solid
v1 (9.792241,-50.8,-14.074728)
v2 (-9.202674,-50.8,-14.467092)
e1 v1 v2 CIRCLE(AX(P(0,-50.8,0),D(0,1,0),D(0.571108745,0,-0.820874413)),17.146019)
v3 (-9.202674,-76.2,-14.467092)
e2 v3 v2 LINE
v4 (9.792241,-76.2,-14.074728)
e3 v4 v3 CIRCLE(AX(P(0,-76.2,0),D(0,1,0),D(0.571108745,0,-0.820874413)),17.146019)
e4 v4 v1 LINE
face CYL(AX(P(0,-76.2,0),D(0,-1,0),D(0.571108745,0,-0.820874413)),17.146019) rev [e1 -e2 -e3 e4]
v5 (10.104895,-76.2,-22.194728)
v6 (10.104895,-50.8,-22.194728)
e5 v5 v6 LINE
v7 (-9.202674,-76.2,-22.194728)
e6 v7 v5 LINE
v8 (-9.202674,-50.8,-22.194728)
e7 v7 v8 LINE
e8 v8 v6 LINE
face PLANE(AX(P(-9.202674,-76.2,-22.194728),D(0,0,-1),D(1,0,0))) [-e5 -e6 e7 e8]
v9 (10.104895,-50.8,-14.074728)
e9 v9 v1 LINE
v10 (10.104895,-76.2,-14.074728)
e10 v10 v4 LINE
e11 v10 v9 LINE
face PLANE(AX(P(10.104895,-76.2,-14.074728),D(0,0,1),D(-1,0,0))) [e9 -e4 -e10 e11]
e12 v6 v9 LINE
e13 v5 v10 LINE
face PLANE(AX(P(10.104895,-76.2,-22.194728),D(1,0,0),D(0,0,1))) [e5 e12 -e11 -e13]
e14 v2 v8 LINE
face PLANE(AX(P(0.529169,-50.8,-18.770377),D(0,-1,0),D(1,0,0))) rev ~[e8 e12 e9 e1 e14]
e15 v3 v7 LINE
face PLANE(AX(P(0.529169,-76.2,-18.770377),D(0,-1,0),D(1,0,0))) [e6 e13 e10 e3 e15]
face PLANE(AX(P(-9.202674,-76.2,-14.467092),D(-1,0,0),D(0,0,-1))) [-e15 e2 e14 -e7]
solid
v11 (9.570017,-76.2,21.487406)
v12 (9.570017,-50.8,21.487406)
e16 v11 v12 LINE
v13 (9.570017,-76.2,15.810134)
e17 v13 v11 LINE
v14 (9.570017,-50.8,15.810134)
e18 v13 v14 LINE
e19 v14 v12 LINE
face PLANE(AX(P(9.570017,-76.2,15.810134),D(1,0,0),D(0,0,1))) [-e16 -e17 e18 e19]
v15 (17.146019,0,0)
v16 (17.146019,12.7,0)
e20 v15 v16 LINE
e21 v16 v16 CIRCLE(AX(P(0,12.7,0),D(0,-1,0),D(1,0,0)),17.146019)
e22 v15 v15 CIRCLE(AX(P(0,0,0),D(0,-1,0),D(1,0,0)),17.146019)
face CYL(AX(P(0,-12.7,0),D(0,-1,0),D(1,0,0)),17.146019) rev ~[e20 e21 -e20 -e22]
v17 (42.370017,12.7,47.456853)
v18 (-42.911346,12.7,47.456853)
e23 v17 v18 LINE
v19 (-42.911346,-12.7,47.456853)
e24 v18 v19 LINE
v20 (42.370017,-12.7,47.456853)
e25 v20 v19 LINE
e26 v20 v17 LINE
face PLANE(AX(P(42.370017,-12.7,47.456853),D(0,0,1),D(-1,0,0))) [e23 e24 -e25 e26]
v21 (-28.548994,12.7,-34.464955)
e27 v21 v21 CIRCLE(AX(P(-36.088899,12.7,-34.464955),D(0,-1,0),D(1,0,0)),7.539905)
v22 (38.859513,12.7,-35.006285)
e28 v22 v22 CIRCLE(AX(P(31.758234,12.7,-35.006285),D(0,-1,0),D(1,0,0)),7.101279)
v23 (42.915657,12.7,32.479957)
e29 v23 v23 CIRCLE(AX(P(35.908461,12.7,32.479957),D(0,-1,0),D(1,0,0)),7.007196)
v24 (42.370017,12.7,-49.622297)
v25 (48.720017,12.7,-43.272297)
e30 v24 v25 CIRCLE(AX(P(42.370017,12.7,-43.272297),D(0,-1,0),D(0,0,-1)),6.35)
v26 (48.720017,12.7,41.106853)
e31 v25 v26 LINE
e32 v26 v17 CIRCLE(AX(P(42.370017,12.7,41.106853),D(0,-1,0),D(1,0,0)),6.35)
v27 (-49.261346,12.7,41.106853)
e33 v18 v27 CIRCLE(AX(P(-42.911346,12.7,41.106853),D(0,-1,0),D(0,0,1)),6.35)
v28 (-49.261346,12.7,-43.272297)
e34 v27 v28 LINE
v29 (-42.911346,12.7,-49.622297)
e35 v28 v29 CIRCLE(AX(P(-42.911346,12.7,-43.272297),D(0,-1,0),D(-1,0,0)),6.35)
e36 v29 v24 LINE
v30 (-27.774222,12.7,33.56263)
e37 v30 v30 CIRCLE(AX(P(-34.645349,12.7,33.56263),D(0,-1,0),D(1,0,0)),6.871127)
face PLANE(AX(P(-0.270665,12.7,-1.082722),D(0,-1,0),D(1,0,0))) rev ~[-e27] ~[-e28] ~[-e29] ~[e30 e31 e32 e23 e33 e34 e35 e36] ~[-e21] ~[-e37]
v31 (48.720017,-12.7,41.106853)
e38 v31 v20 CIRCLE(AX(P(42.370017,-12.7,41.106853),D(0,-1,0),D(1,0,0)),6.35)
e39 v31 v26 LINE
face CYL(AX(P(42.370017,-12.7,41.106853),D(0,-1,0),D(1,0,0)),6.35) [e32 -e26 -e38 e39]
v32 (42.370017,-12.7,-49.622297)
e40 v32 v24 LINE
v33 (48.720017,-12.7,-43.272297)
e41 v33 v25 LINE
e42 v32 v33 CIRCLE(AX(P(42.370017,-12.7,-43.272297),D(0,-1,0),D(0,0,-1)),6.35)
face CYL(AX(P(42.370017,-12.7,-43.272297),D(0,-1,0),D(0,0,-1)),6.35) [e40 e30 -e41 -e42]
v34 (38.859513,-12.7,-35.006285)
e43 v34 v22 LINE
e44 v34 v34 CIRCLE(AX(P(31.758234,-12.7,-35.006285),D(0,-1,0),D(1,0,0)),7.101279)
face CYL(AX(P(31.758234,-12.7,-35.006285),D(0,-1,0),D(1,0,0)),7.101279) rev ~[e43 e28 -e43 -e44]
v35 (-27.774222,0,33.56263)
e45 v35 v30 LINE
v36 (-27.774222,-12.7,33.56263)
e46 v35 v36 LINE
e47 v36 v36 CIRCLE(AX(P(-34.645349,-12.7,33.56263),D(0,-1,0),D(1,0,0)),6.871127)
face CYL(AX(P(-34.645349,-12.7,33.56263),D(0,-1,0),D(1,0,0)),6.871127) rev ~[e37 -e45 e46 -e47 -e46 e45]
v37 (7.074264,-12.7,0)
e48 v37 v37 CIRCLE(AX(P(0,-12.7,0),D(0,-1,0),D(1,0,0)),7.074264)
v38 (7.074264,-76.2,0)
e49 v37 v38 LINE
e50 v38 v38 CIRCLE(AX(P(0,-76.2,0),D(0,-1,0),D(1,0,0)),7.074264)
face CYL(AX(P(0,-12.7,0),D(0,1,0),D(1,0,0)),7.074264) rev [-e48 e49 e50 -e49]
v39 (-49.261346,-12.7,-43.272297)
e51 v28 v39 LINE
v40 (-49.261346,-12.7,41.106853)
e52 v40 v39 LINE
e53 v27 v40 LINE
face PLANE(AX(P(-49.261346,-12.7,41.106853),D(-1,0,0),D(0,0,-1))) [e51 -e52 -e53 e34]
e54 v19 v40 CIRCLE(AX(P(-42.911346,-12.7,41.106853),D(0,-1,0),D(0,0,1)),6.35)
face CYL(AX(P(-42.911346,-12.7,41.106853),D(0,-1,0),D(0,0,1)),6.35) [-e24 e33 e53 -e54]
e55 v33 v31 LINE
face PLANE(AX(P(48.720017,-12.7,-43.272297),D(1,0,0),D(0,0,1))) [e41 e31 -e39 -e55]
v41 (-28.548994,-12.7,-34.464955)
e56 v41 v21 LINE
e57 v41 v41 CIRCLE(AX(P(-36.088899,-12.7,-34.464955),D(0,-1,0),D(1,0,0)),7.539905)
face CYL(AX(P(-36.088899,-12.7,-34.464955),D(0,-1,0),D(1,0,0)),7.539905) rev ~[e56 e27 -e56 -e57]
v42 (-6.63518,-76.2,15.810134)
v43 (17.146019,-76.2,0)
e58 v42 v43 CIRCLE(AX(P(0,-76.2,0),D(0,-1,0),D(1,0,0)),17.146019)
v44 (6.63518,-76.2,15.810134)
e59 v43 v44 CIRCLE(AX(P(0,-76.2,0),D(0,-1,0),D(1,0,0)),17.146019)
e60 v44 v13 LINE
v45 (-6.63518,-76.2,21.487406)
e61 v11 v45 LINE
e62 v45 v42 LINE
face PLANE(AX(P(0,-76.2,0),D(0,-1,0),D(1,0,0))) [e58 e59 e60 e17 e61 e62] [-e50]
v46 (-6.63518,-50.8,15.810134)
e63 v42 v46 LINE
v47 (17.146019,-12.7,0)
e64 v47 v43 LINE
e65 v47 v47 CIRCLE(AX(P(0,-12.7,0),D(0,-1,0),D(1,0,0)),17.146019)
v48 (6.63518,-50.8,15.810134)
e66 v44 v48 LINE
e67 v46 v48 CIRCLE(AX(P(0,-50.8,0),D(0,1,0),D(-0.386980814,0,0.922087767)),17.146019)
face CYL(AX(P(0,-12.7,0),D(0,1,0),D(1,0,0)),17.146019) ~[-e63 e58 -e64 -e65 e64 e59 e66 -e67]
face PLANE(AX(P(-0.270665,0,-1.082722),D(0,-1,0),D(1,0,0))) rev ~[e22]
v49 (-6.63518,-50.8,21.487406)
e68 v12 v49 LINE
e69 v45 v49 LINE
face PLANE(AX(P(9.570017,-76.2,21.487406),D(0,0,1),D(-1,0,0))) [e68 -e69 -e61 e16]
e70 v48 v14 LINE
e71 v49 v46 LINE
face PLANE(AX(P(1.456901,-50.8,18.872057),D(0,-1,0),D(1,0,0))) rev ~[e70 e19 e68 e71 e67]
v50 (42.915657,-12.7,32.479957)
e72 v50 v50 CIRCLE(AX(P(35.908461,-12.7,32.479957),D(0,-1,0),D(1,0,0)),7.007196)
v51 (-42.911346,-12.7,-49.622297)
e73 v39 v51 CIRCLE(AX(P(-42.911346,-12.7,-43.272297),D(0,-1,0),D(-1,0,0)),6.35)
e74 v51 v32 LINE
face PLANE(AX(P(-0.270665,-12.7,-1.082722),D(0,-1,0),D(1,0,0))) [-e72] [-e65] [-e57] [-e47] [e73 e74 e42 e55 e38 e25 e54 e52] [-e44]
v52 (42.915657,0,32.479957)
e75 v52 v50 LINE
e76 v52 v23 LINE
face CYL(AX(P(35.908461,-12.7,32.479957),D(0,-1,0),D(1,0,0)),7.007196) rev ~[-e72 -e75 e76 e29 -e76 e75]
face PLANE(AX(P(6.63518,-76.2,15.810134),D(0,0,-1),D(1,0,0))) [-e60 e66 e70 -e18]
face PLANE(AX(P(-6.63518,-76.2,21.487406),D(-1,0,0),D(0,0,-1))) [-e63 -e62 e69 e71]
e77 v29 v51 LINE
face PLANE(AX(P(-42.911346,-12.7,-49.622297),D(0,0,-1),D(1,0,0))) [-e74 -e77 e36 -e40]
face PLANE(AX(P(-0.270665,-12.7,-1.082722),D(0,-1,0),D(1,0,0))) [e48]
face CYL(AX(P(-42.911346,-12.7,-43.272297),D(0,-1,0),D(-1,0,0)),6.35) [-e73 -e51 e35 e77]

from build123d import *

# Parameters (mm, degrees)
F0_R         = 7.5399052203
F0_R_2       = 7.1012789698
F0_R_3       = 6.8711271947
F0_R_4       = 7.0071962971
F1_DEPTH     = 12.7
F2_R         = 17.146018536
F2_R_2       = 7.0742640009
F3_DEPTH     = 63.5
F5_W         = 16.9617831707
F5_H         = 33.7431207299
F5_R         = 4.6042822581
F5_R_2       = 4.72658434
F6_DEPTH     = 5.08
F3_FACE1_R   = 7.5399052203
F3_FACE1_R_2 = 7.1012789698
F3_FACE1_R_3 = 6.8711271947
F3_FACE1_R_4 = 17.146018536
F3_FACE1_R_5 = 7.0071962971
F8_DEPTH     = 25.399999693
F11_DEPTH    = 25.399999693


with BuildPart() as f1:
    # F0 (on Front) → F1 (new body)
    with BuildSketch(Plane.XZ):
        with BuildLine():
            Line((42.3700170755, 47.4568530917), (-42.9113464594, 47.4568530917))
            ThreePointArc((-42.9113464594, 47.4568530917), (-47.4014745199, 45.5969811523), (-49.2613464594, 41.1068530917))
            Line((-49.2613464594, 41.1068530917), (-49.2613464594, -43.272297287))
            ThreePointArc((-49.2613464594, -43.272297287), (-47.4014745199, -47.7624253475), (-42.9113464594, -49.622297287))
            Line((-42.9113464594, -49.622297287), (42.3700170755, -49.622297287))
            ThreePointArc((42.3700170755, -49.622297287), (46.8601451361, -47.7624253475), (48.7200170755, -43.272297287))
            Line((48.7200170755, -43.272297287), (48.7200170755, 41.1068530917))
            ThreePointArc((48.7200170755, 41.1068530917), (46.8601451361, 45.5969811523), (42.3700170755, 47.4568530917))
        make_face()
        with Locations((-36.088898778, -34.4649553299)):
            Circle(F0_R, mode=Mode.SUBTRACT)
        with Locations((31.7582339048, -35.0062847137)):
            Circle(F0_R_2, mode=Mode.SUBTRACT)
        with Locations((-34.6453487873, 33.562630415)):
            Circle(F0_R_3, mode=Mode.SUBTRACT)
        with Locations((35.9084606171, 32.4799567461)):
            Circle(F0_R_4, mode=Mode.SUBTRACT)
    extrude(amount=F1_DEPTH)

    # F2 (on face) → F3 (join)
    with BuildSketch(Plane.XZ.offset(12.7)):
        Circle(F2_R)
        Circle(F2_R_2, mode=Mode.SUBTRACT)
    extrude(amount=F3_DEPTH)

    # F3_face1 (on face) + F7 (on face) → F8 (join)
    with BuildSketch(Plane(origin=(-0.1960246681, -12.7, -1.0801262711), x_dir=(1, 0, 0), z_dir=(0, -1, 0))):
        with BuildLine():
            Line((42.5660417436, 48.5369793628), (-42.7153217913, 48.5369793628))
            ThreePointArc((-42.7153217913, 48.5369793628), (-47.2054498519, 46.6771074234), (-49.0653217913, 42.1869793628))
            Line((-49.0653217913, 42.1869793628), (-49.0653217913, -42.1921710159))
            ThreePointArc((-49.0653217913, -42.1921710159), (-47.2054498519, -46.6822990764), (-42.7153217913, -48.5421710159))
            Line((-42.7153217913, -48.5421710159), (42.5660417436, -48.5421710159))
            ThreePointArc((42.5660417436, -48.5421710159), (47.0561698041, -46.6822990764), (48.9160417436, -42.1921710159))
            Line((48.9160417436, -42.1921710159), (48.9160417436, 42.1869793628))
            ThreePointArc((48.9160417436, 42.1869793628), (47.0561698041, 46.6771074234), (42.5660417436, 48.5369793628))
        make_face()
        with Locations((-35.8928741099, -33.3848290588)):
            Circle(F3_FACE1_R, mode=Mode.SUBTRACT)
        with Locations((31.9542585729, -33.9261584426)):
            Circle(F3_FACE1_R_2, mode=Mode.SUBTRACT)
        with Locations((-34.4493241193, 34.6427566861)):
            Circle(F3_FACE1_R_3, mode=Mode.SUBTRACT)
        with Locations((0.1960246681, 1.0801262711)):
            Circle(F3_FACE1_R_4, mode=Mode.SUBTRACT)
        with Locations((36.1044852851, 33.5600830172)):
            Circle(F3_FACE1_R_5, mode=Mode.SUBTRACT)
    with BuildSketch(Plane.XZ.offset(76.2)):
        with BuildLine():
            Line((-6.6351802151, 21.4874055237), (-6.6351802151, 15.8101339385))
            ThreePointArc((-6.6351802151, 15.8101339385), (0, 17.146018536), (6.6351802151, 15.8101339385))
            Line((6.6351802151, 15.8101339385), (9.570017457, 15.8101339385))
            Line((9.570017457, 15.8101339385), (9.570017457, 21.4874055237))
            Line((9.570017457, 21.4874055237), (-6.6351802151, 21.4874055237))
        make_face()
    extrude(amount=-F8_DEPTH)


with BuildPart() as f6:
    # F5 (on offset) → F6 (new body)
    with BuildSketch(Plane(origin=(0, 0, -17.872297287), x_dir=(1, 0, 0), z_dir=(0, 0, -1))):
        with Locations((1.4435499907, 59.6369020641)):
            Rectangle(F5_W, F5_H)
        with Locations((1.4435499907, 50.5322441459)):
            Circle(F5_R, mode=Mode.SUBTRACT)
        with Locations((1.4435499907, 68.0471807718)):
            Circle(F5_R_2, mode=Mode.SUBTRACT)
    extrude(amount=F6_DEPTH)


with BuildPart() as f11:
    # F10 (on face) → F11 (new body)
    with BuildSketch(Plane.XZ.offset(76.2)):
        with BuildLine():
            Line((10.1048946381, -14.0747278929), (9.7922411316, -14.0747278929))
            ThreePointArc((9.7922411316, -14.0747278929), (0.3540969939, -17.1423617672), (-9.2026740313, -14.4670917019))
            Line((-9.2026740313, -14.4670917019), (-9.2026740313, -22.1947282553))
            Line((-9.2026740313, -22.1947282553), (10.1048946381, -22.1947282553))
            Line((10.1048946381, -22.1947282553), (10.1048946381, -14.0747278929))
        make_face()
    extrude(amount=-F11_DEPTH)


solid = Compound([f1.part, f11.part])
